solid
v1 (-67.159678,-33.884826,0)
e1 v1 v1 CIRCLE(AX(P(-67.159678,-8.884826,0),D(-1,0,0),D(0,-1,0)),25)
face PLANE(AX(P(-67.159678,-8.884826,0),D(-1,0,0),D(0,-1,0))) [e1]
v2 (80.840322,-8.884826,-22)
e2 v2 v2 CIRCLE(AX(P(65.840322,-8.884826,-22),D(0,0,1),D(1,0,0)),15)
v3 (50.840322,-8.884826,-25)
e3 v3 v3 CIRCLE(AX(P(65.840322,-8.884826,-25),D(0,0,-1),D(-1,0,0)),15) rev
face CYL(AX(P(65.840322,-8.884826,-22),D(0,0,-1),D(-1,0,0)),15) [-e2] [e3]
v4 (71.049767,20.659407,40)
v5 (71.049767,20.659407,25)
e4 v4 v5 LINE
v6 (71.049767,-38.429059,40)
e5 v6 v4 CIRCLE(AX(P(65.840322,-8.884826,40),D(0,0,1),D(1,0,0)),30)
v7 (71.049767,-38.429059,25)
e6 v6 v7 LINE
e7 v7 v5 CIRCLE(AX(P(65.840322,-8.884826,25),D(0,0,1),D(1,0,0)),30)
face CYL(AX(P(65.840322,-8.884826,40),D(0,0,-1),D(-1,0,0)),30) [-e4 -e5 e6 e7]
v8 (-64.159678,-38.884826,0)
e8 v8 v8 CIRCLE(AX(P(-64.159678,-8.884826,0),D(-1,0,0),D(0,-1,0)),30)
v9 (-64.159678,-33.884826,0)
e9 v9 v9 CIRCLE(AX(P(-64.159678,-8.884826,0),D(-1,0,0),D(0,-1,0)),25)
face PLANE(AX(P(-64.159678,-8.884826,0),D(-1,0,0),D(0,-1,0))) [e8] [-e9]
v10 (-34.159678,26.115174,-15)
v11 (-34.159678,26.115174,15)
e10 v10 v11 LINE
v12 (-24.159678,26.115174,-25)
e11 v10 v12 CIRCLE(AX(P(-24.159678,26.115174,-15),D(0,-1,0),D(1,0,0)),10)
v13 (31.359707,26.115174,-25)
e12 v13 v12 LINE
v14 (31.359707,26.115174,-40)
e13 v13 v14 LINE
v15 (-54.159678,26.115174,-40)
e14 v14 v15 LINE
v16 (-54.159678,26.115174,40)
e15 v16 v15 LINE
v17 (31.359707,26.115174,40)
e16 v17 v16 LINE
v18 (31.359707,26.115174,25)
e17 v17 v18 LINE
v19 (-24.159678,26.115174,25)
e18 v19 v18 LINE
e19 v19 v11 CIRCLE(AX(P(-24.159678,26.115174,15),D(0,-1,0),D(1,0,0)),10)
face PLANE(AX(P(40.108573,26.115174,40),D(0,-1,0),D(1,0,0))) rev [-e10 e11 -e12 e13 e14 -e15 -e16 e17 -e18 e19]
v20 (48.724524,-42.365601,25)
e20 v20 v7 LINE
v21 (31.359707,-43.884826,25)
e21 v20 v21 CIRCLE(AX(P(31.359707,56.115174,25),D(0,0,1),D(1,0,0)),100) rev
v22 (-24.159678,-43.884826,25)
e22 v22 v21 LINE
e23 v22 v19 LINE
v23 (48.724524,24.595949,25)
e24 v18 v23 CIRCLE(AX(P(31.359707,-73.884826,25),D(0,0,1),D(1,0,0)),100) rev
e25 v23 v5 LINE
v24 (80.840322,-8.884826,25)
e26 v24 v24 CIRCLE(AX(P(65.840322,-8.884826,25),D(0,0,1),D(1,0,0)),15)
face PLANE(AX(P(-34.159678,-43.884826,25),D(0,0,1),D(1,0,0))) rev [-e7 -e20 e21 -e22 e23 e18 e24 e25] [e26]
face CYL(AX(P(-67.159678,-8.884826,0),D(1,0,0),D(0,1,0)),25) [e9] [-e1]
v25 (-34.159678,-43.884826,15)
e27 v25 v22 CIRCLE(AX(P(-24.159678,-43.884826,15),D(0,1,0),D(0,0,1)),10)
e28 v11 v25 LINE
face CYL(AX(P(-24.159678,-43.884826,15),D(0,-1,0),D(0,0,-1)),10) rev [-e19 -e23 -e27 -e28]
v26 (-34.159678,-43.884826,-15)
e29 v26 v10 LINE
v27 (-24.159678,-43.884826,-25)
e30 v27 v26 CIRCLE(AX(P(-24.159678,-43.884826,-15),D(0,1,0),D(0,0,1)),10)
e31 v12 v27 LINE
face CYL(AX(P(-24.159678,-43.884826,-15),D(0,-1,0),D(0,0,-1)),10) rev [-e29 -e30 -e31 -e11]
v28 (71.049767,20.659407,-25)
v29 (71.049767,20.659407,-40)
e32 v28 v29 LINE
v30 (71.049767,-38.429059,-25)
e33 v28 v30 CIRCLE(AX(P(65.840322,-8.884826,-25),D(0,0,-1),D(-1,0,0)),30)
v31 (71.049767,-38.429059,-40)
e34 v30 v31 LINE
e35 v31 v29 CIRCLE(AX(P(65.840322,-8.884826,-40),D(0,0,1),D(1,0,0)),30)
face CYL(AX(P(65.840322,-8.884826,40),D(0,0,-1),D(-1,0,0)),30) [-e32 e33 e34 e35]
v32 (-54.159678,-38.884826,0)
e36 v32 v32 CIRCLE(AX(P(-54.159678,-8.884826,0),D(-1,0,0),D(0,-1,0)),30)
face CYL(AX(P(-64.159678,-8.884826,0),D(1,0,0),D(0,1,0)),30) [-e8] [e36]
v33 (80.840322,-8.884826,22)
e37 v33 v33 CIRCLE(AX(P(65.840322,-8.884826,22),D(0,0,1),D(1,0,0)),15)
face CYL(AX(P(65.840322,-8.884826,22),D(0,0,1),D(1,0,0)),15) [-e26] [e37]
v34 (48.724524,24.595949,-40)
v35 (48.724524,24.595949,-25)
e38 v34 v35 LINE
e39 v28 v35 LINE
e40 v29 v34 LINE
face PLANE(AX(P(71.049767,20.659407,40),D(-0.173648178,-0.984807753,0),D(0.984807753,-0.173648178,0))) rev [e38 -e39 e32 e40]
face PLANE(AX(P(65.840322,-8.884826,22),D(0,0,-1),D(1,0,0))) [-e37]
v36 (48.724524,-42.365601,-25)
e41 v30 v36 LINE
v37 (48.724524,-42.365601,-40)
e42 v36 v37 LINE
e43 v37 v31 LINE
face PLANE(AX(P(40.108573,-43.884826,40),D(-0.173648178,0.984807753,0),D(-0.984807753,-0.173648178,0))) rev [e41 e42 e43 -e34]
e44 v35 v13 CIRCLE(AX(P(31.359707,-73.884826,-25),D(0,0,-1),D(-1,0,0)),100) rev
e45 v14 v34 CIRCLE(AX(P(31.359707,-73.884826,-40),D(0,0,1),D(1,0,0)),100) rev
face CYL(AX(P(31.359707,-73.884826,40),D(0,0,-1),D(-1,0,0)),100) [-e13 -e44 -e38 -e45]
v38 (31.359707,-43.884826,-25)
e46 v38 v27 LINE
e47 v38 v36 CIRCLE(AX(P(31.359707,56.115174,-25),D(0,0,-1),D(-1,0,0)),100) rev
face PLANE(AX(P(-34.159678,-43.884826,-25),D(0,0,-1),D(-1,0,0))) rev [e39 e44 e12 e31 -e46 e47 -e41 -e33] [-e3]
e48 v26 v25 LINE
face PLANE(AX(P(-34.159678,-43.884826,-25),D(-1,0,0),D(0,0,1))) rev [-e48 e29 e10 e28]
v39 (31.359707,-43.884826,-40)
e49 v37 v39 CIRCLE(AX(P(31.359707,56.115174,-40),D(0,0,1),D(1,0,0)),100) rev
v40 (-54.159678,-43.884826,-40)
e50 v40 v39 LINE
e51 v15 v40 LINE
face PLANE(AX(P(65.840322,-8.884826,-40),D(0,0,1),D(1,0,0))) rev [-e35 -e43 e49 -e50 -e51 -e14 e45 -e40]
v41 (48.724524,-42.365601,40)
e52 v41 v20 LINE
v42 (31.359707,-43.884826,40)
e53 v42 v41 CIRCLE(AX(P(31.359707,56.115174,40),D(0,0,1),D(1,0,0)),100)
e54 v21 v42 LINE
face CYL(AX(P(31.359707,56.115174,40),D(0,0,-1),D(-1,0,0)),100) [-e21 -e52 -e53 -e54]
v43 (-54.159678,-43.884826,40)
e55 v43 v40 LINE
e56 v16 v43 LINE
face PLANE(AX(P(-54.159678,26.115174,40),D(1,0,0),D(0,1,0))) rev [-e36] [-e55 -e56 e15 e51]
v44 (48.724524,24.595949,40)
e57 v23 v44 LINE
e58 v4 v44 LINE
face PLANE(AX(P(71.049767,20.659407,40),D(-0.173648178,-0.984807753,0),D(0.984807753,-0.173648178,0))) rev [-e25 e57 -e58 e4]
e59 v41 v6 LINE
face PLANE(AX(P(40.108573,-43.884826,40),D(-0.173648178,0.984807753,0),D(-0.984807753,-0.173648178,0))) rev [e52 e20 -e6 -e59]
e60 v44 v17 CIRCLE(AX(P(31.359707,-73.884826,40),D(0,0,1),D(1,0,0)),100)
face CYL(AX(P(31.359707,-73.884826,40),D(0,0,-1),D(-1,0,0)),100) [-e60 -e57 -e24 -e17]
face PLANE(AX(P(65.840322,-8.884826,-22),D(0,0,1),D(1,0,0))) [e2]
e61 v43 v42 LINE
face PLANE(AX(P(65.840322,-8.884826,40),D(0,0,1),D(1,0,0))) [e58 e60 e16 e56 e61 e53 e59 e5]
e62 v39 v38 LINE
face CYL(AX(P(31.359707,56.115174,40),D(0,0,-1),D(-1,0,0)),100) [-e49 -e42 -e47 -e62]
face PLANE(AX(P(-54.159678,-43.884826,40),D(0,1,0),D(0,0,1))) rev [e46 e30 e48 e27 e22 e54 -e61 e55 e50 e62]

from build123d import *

# Parameters (mm, degrees)
BOSS_EXTRUDE1_DEPTH = 40
SKETCH2_W           = 154.782746008
SKETCH2_H           = 50
CUT_EXTRUDE1_DEPTH  = 44.884825983
SKETCH2_2_W         = 154.782746008
SKETCH2_2_H         = 50
CUT_EXTRUDE2_DEPTH  = 27.115174017
SKETCH3_R           = 15
BOSS_EXTRUDE2_DEPTH = 3
SKETCH4_R           = 30
BOSS_EXTRUDE3_DEPTH = 10
SKETCH5_R           = 25
BOSS_EXTRUDE4_DEPTH = 3
FILLET1_R           = 100
FILLET2_R           = 100
FILLET3_R           = 10


with BuildPart() as part:
    # Sketch1 → Boss-Extrude1 (new body, symmetric)
    with BuildSketch(Plane.XY):
        with BuildLine():
            Line((-54.159677949, -43.884825983), (40.108572858, -43.884825983))
            Line((40.108572858, -43.884825983), (71.049767381, -38.429058573))
            ThreePointArc((71.049767381, -38.429058573), (95.840322051, -8.884825983), (71.049767381, 20.659406608))
            Line((71.049767381, 20.659406608), (40.108572858, 26.115174017))
            Line((40.108572858, 26.115174017), (-54.159677949, 26.115174017))
            Line((-54.159677949, 26.115174017), (-54.159677949, -43.884825983))
        make_face()
    extrude(amount=BOSS_EXTRUDE1_DEPTH, both=True)

    # Sketch2 → Cut-Extrude1 (cut, through all)
    with BuildSketch(Plane(origin=(0, 0, 0), x_dir=(1, 0, 0), z_dir=(0, 1, 0))):
        with Locations((43.231695055, 0)):
            Rectangle(SKETCH2_W, SKETCH2_H)
    extrude(amount=-CUT_EXTRUDE1_DEPTH, mode=Mode.SUBTRACT)

    # Sketch2<2> → Cut-Extrude2 (cut, through all)
    with BuildSketch(Plane(origin=(0, 0, 0), x_dir=(1, 0, 0), z_dir=(0, 1, 0))):
        with Locations((43.231695055, 0)):
            Rectangle(SKETCH2_2_W, SKETCH2_2_H)
    extrude(amount=CUT_EXTRUDE2_DEPTH, mode=Mode.SUBTRACT)

    # Sketch3 → Boss-Extrude2 (add)
    with BuildSketch(Plane.XY.offset(-25)):
        with Locations((65.840322051, -8.884825983)):
            Circle(SKETCH3_R)
    boss_extrude2 = extrude(amount=BOSS_EXTRUDE2_DEPTH)

    # Mirror1: Boss-Extrude2 across plane
    add(boss_extrude2.mirror(Plane.XY))

    # Sketch4 → Boss-Extrude3 (add)
    with BuildSketch(Plane.ZY.offset(54.159677949)):
        with Locations((0, -8.884825983)):
            Circle(SKETCH4_R)
    extrude(amount=BOSS_EXTRUDE3_DEPTH)

    # Sketch5 → Boss-Extrude4 (add)
    with BuildSketch(Plane.ZY.offset(64.159677949)):
        with Locations((0, -8.884825983)):
            Circle(SKETCH5_R)
    extrude(amount=BOSS_EXTRUDE4_DEPTH)

    # Fillet1
    fillet1_edges = [part.edges().sort_by_distance(p)[0] for p in [
        (40.108572858, 26.115174017, 32.5),
        (40.108572858, 26.115174017, -32.5),
    ]]
    fillet(fillet1_edges, radius=FILLET1_R)

    # Fillet2
    fillet2_edges = [part.edges().sort_by_distance(p)[0] for p in [
        (40.108572858, -43.884825983, 32.5),
        (40.108572858, -43.884825983, -32.5),
    ]]
    fillet(fillet2_edges, radius=FILLET2_R)

    # Fillet3
    fillet3_edges = [part.edges().sort_by_distance(p)[0] for p in [
        (-34.159677949, -8.884825983, -25),
        (-34.159677949, -8.884825983, 25),
    ]]
    fillet(fillet3_edges, radius=FILLET3_R)


solid = part.part
